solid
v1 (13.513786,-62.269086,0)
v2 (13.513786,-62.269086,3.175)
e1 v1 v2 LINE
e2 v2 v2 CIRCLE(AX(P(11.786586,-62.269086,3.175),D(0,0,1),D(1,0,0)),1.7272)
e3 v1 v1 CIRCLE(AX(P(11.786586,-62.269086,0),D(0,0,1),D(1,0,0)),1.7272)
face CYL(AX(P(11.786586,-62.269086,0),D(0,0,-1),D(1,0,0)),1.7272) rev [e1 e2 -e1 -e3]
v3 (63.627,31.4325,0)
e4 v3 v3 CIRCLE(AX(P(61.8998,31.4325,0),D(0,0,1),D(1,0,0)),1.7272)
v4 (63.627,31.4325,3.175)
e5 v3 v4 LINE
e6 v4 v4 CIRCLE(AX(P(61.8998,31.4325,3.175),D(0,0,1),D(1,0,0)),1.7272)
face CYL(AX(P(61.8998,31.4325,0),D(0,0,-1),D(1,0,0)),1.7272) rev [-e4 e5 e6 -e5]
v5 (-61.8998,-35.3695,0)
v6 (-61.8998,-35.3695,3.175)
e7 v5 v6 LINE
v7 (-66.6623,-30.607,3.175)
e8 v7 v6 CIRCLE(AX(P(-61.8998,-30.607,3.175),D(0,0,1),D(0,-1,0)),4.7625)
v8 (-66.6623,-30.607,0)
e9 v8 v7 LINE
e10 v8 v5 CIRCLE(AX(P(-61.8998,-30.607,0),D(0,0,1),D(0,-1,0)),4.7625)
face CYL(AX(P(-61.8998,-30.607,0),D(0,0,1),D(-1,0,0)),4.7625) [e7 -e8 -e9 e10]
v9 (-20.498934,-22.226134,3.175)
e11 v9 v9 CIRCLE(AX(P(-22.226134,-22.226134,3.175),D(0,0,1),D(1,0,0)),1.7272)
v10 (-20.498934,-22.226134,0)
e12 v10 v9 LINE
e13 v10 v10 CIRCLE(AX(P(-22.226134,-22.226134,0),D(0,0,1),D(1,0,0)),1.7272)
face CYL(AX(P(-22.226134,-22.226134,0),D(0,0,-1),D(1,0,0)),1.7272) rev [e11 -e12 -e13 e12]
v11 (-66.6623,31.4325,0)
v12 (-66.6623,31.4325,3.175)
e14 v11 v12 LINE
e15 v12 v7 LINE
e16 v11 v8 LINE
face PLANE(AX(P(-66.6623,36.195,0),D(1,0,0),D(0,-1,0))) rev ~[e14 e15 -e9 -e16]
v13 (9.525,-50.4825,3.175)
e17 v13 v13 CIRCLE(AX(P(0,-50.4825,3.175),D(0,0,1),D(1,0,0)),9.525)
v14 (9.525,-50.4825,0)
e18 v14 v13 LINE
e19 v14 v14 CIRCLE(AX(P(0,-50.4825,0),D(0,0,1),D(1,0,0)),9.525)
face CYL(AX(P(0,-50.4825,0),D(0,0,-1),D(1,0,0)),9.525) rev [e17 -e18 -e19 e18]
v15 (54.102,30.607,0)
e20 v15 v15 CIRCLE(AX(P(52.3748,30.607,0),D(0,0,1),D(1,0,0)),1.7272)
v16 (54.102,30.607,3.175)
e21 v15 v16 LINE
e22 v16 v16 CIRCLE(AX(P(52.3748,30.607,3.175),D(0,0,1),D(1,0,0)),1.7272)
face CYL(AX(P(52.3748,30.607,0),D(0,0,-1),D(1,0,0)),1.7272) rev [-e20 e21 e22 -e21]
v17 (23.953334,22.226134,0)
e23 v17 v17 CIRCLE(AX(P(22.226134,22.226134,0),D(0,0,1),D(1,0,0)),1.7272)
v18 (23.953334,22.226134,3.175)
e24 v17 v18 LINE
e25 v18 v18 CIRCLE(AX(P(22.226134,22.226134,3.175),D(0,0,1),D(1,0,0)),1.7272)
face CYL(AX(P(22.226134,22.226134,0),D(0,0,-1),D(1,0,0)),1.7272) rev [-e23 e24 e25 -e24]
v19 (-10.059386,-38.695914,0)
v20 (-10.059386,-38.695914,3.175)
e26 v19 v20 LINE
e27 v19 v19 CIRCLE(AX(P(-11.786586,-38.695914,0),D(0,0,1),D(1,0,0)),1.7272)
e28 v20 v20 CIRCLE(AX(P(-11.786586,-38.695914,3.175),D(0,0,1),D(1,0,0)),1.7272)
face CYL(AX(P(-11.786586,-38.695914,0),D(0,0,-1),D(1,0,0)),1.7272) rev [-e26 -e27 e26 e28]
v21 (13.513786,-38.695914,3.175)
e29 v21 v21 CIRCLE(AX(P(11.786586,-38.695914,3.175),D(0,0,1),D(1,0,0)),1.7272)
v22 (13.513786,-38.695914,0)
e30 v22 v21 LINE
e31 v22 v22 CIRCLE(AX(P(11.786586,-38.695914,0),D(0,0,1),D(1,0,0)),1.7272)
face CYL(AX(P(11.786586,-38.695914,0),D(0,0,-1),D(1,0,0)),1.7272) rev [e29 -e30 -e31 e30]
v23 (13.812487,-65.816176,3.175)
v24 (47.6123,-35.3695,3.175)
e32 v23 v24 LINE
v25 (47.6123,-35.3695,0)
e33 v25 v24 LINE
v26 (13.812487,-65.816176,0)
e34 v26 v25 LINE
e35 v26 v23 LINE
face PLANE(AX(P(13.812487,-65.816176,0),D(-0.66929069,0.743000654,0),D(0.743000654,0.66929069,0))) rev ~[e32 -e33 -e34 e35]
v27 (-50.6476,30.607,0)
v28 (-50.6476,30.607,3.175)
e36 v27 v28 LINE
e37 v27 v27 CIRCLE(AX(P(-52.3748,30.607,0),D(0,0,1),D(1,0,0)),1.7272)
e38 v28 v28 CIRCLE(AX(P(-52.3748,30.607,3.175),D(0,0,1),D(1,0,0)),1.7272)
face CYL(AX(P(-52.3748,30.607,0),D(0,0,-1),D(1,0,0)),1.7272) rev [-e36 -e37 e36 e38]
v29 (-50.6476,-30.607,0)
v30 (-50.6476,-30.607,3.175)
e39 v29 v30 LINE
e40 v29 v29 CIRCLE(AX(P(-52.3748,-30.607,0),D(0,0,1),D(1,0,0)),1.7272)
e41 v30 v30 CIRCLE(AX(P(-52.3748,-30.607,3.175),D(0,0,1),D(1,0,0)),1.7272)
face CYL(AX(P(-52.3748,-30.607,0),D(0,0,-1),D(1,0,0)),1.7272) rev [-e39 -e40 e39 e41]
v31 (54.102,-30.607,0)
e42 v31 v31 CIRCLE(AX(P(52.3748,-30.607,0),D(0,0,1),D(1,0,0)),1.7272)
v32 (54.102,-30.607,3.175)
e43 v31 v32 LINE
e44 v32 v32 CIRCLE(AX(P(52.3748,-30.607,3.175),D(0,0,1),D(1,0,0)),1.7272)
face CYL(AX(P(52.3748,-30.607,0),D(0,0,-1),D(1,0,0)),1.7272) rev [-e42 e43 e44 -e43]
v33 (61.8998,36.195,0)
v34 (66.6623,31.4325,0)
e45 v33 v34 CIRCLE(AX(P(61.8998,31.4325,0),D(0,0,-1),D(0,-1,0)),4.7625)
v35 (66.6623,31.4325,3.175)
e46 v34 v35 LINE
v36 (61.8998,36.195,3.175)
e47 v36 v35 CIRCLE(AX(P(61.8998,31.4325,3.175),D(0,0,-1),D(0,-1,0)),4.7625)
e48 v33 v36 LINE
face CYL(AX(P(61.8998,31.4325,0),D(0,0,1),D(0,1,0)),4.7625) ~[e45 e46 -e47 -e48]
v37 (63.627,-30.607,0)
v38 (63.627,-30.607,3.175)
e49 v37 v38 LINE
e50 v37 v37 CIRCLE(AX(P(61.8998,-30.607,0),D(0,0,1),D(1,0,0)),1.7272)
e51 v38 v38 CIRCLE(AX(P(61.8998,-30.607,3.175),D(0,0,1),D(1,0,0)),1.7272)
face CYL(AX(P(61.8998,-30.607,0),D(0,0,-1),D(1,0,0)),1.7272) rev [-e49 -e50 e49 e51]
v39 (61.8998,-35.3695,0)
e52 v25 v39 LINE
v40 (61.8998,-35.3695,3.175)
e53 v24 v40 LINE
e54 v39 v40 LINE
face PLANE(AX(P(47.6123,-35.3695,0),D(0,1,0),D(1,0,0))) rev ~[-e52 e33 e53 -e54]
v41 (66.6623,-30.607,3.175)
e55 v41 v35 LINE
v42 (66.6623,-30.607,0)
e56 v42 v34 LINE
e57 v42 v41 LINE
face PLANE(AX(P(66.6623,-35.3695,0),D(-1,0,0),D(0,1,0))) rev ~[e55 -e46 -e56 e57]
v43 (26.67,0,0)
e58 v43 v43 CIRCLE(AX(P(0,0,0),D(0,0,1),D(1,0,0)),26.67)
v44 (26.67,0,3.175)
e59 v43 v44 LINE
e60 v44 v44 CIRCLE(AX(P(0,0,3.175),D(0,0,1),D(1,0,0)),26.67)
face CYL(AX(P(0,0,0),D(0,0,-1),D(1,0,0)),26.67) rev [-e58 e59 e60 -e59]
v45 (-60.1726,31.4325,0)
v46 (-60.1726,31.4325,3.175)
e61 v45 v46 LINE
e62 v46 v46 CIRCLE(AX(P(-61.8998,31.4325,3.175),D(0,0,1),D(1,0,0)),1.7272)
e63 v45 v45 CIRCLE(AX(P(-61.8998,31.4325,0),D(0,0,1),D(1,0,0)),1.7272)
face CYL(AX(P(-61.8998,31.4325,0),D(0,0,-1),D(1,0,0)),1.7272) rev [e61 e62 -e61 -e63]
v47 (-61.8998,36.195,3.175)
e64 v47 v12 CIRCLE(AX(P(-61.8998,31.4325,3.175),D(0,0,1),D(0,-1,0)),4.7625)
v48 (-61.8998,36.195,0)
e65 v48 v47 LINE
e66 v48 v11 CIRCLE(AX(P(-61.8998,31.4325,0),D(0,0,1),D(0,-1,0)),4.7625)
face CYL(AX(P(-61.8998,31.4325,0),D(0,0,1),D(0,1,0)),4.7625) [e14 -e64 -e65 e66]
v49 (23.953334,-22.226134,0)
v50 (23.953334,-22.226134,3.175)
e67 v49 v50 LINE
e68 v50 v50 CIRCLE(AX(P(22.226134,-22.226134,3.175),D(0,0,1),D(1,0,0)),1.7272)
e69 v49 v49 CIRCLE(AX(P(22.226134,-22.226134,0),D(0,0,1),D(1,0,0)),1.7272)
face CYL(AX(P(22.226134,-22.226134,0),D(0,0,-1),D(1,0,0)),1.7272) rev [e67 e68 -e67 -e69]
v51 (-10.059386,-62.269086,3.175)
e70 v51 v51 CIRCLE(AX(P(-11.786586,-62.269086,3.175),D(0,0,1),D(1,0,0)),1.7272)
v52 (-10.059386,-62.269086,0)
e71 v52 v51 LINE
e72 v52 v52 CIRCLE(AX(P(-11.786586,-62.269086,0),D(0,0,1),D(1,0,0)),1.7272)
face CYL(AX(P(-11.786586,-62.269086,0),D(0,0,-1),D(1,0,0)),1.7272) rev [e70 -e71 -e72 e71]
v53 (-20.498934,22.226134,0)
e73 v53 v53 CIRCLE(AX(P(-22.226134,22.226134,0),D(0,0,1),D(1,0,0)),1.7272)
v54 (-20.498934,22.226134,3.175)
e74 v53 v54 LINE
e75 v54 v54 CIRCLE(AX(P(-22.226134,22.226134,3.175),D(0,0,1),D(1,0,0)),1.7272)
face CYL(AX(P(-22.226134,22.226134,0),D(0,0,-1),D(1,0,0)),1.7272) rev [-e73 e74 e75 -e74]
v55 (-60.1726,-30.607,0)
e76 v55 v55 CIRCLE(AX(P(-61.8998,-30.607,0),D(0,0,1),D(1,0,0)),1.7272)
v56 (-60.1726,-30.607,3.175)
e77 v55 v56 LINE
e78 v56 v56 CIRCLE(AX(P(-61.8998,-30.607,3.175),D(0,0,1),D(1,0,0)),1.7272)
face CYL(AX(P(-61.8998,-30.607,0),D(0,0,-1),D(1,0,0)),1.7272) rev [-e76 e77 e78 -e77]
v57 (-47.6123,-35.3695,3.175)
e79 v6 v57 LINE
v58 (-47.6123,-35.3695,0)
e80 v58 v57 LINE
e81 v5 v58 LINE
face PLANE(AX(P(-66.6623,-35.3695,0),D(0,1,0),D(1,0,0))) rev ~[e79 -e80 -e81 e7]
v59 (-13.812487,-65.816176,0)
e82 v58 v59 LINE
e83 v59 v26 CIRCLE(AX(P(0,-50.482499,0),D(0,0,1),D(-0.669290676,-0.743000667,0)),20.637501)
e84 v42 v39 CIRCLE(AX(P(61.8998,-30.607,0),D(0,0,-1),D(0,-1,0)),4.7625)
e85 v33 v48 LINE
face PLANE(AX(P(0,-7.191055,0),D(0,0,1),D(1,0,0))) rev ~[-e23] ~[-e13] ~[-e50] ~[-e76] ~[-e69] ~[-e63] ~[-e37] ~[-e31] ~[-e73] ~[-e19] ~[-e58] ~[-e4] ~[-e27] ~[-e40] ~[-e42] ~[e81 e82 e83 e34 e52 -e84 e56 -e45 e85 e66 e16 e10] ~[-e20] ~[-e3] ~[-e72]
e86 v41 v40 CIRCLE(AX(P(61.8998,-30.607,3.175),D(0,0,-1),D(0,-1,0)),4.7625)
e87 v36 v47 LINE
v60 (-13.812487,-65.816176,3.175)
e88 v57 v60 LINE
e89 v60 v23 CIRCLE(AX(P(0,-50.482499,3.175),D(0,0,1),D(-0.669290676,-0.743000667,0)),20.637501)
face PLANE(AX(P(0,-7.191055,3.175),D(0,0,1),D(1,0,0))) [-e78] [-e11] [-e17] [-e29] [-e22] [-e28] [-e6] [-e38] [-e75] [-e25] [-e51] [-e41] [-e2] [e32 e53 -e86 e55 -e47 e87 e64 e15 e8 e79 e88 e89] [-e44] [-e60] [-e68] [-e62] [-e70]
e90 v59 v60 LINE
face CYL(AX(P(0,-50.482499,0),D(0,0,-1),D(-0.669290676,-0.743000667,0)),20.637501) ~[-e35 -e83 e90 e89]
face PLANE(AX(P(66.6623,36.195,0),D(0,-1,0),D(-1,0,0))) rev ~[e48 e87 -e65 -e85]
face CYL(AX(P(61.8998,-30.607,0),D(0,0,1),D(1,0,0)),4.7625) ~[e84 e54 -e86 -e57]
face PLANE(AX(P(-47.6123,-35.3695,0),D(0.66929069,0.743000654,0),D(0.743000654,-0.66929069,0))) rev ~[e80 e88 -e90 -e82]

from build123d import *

# Parameters (mm, degrees)
F0_R     = 1.7272
F0_R_2   = 9.525
F0_R_3   = 26.67
F1_DEPTH = 3.175
F2_R     = 4.7625


with BuildPart() as f1:
    # F0 (on Top) → F1 (new body)
    with BuildSketch(Plane.XY):
        with BuildLine():
            Line((66.6623, 36.195), (-66.6623, 36.195))
            Line((-66.6623, 36.195), (-66.6623, -35.3695))
            Line((-66.6623, -35.3695), (-47.6123, -35.3695))
            Line((-47.6123, -35.3695), (-13.812487, -65.816176))
            ThreePointArc((-13.812487, -65.816176), (0, -71.12), (13.812487, -65.816176))
            Line((13.812487, -65.816176), (47.6123, -35.3695))
            Line((47.6123, -35.3695), (66.6623, -35.3695))
            Line((66.6623, -35.3695), (66.6623, 36.195))
        make_face()
        with Locations((-11.786586, -62.269086)):
            Circle(F0_R, mode=Mode.SUBTRACT)
        with Locations((-61.8998, -30.607)):
            Circle(F0_R, mode=Mode.SUBTRACT)
        with Locations((-52.3748, -30.607)):
            Circle(F0_R, mode=Mode.SUBTRACT)
        with Locations((-11.786586, -38.695914)):
            Circle(F0_R, mode=Mode.SUBTRACT)
        with Locations((-22.226134, -22.226134)):
            Circle(F0_R, mode=Mode.SUBTRACT)
        with Locations((11.786586, -62.269086)):
            Circle(F0_R, mode=Mode.SUBTRACT)
        with Locations((0, -50.4825)):
            Circle(F0_R_2, mode=Mode.SUBTRACT)
        with Locations((11.786586, -38.695914)):
            Circle(F0_R, mode=Mode.SUBTRACT)
        with Locations((22.226134, -22.226134)):
            Circle(F0_R, mode=Mode.SUBTRACT)
        with Locations((52.3748, -30.607)):
            Circle(F0_R, mode=Mode.SUBTRACT)
        with Locations((61.8998, -30.607)):
            Circle(F0_R, mode=Mode.SUBTRACT)
        with Locations((-61.8998, 31.4325)):
            Circle(F0_R, mode=Mode.SUBTRACT)
        with Locations((-52.3748, 30.607)):
            Circle(F0_R, mode=Mode.SUBTRACT)
        with Locations((-22.226134, 22.226134)):
            Circle(F0_R, mode=Mode.SUBTRACT)
        Circle(F0_R_3, mode=Mode.SUBTRACT)
        with Locations((22.226134, 22.226134)):
            Circle(F0_R, mode=Mode.SUBTRACT)
        with Locations((52.3748, 30.607)):
            Circle(F0_R, mode=Mode.SUBTRACT)
        with Locations((61.8998, 31.4325)):
            Circle(F0_R, mode=Mode.SUBTRACT)
    extrude(amount=F1_DEPTH)

    # F2
    f2_edges = [f1.edges().sort_by_distance(p)[0] for p in [
        (-66.6623, 36.195, 1.5875),
        (66.6623, 36.195, 1.5875),
        (66.6623, -35.3695, 1.5875),
        (-66.6623, -35.3695, 1.5875),
    ]]
    fillet(f2_edges, radius=F2_R)


solid = f1.part
